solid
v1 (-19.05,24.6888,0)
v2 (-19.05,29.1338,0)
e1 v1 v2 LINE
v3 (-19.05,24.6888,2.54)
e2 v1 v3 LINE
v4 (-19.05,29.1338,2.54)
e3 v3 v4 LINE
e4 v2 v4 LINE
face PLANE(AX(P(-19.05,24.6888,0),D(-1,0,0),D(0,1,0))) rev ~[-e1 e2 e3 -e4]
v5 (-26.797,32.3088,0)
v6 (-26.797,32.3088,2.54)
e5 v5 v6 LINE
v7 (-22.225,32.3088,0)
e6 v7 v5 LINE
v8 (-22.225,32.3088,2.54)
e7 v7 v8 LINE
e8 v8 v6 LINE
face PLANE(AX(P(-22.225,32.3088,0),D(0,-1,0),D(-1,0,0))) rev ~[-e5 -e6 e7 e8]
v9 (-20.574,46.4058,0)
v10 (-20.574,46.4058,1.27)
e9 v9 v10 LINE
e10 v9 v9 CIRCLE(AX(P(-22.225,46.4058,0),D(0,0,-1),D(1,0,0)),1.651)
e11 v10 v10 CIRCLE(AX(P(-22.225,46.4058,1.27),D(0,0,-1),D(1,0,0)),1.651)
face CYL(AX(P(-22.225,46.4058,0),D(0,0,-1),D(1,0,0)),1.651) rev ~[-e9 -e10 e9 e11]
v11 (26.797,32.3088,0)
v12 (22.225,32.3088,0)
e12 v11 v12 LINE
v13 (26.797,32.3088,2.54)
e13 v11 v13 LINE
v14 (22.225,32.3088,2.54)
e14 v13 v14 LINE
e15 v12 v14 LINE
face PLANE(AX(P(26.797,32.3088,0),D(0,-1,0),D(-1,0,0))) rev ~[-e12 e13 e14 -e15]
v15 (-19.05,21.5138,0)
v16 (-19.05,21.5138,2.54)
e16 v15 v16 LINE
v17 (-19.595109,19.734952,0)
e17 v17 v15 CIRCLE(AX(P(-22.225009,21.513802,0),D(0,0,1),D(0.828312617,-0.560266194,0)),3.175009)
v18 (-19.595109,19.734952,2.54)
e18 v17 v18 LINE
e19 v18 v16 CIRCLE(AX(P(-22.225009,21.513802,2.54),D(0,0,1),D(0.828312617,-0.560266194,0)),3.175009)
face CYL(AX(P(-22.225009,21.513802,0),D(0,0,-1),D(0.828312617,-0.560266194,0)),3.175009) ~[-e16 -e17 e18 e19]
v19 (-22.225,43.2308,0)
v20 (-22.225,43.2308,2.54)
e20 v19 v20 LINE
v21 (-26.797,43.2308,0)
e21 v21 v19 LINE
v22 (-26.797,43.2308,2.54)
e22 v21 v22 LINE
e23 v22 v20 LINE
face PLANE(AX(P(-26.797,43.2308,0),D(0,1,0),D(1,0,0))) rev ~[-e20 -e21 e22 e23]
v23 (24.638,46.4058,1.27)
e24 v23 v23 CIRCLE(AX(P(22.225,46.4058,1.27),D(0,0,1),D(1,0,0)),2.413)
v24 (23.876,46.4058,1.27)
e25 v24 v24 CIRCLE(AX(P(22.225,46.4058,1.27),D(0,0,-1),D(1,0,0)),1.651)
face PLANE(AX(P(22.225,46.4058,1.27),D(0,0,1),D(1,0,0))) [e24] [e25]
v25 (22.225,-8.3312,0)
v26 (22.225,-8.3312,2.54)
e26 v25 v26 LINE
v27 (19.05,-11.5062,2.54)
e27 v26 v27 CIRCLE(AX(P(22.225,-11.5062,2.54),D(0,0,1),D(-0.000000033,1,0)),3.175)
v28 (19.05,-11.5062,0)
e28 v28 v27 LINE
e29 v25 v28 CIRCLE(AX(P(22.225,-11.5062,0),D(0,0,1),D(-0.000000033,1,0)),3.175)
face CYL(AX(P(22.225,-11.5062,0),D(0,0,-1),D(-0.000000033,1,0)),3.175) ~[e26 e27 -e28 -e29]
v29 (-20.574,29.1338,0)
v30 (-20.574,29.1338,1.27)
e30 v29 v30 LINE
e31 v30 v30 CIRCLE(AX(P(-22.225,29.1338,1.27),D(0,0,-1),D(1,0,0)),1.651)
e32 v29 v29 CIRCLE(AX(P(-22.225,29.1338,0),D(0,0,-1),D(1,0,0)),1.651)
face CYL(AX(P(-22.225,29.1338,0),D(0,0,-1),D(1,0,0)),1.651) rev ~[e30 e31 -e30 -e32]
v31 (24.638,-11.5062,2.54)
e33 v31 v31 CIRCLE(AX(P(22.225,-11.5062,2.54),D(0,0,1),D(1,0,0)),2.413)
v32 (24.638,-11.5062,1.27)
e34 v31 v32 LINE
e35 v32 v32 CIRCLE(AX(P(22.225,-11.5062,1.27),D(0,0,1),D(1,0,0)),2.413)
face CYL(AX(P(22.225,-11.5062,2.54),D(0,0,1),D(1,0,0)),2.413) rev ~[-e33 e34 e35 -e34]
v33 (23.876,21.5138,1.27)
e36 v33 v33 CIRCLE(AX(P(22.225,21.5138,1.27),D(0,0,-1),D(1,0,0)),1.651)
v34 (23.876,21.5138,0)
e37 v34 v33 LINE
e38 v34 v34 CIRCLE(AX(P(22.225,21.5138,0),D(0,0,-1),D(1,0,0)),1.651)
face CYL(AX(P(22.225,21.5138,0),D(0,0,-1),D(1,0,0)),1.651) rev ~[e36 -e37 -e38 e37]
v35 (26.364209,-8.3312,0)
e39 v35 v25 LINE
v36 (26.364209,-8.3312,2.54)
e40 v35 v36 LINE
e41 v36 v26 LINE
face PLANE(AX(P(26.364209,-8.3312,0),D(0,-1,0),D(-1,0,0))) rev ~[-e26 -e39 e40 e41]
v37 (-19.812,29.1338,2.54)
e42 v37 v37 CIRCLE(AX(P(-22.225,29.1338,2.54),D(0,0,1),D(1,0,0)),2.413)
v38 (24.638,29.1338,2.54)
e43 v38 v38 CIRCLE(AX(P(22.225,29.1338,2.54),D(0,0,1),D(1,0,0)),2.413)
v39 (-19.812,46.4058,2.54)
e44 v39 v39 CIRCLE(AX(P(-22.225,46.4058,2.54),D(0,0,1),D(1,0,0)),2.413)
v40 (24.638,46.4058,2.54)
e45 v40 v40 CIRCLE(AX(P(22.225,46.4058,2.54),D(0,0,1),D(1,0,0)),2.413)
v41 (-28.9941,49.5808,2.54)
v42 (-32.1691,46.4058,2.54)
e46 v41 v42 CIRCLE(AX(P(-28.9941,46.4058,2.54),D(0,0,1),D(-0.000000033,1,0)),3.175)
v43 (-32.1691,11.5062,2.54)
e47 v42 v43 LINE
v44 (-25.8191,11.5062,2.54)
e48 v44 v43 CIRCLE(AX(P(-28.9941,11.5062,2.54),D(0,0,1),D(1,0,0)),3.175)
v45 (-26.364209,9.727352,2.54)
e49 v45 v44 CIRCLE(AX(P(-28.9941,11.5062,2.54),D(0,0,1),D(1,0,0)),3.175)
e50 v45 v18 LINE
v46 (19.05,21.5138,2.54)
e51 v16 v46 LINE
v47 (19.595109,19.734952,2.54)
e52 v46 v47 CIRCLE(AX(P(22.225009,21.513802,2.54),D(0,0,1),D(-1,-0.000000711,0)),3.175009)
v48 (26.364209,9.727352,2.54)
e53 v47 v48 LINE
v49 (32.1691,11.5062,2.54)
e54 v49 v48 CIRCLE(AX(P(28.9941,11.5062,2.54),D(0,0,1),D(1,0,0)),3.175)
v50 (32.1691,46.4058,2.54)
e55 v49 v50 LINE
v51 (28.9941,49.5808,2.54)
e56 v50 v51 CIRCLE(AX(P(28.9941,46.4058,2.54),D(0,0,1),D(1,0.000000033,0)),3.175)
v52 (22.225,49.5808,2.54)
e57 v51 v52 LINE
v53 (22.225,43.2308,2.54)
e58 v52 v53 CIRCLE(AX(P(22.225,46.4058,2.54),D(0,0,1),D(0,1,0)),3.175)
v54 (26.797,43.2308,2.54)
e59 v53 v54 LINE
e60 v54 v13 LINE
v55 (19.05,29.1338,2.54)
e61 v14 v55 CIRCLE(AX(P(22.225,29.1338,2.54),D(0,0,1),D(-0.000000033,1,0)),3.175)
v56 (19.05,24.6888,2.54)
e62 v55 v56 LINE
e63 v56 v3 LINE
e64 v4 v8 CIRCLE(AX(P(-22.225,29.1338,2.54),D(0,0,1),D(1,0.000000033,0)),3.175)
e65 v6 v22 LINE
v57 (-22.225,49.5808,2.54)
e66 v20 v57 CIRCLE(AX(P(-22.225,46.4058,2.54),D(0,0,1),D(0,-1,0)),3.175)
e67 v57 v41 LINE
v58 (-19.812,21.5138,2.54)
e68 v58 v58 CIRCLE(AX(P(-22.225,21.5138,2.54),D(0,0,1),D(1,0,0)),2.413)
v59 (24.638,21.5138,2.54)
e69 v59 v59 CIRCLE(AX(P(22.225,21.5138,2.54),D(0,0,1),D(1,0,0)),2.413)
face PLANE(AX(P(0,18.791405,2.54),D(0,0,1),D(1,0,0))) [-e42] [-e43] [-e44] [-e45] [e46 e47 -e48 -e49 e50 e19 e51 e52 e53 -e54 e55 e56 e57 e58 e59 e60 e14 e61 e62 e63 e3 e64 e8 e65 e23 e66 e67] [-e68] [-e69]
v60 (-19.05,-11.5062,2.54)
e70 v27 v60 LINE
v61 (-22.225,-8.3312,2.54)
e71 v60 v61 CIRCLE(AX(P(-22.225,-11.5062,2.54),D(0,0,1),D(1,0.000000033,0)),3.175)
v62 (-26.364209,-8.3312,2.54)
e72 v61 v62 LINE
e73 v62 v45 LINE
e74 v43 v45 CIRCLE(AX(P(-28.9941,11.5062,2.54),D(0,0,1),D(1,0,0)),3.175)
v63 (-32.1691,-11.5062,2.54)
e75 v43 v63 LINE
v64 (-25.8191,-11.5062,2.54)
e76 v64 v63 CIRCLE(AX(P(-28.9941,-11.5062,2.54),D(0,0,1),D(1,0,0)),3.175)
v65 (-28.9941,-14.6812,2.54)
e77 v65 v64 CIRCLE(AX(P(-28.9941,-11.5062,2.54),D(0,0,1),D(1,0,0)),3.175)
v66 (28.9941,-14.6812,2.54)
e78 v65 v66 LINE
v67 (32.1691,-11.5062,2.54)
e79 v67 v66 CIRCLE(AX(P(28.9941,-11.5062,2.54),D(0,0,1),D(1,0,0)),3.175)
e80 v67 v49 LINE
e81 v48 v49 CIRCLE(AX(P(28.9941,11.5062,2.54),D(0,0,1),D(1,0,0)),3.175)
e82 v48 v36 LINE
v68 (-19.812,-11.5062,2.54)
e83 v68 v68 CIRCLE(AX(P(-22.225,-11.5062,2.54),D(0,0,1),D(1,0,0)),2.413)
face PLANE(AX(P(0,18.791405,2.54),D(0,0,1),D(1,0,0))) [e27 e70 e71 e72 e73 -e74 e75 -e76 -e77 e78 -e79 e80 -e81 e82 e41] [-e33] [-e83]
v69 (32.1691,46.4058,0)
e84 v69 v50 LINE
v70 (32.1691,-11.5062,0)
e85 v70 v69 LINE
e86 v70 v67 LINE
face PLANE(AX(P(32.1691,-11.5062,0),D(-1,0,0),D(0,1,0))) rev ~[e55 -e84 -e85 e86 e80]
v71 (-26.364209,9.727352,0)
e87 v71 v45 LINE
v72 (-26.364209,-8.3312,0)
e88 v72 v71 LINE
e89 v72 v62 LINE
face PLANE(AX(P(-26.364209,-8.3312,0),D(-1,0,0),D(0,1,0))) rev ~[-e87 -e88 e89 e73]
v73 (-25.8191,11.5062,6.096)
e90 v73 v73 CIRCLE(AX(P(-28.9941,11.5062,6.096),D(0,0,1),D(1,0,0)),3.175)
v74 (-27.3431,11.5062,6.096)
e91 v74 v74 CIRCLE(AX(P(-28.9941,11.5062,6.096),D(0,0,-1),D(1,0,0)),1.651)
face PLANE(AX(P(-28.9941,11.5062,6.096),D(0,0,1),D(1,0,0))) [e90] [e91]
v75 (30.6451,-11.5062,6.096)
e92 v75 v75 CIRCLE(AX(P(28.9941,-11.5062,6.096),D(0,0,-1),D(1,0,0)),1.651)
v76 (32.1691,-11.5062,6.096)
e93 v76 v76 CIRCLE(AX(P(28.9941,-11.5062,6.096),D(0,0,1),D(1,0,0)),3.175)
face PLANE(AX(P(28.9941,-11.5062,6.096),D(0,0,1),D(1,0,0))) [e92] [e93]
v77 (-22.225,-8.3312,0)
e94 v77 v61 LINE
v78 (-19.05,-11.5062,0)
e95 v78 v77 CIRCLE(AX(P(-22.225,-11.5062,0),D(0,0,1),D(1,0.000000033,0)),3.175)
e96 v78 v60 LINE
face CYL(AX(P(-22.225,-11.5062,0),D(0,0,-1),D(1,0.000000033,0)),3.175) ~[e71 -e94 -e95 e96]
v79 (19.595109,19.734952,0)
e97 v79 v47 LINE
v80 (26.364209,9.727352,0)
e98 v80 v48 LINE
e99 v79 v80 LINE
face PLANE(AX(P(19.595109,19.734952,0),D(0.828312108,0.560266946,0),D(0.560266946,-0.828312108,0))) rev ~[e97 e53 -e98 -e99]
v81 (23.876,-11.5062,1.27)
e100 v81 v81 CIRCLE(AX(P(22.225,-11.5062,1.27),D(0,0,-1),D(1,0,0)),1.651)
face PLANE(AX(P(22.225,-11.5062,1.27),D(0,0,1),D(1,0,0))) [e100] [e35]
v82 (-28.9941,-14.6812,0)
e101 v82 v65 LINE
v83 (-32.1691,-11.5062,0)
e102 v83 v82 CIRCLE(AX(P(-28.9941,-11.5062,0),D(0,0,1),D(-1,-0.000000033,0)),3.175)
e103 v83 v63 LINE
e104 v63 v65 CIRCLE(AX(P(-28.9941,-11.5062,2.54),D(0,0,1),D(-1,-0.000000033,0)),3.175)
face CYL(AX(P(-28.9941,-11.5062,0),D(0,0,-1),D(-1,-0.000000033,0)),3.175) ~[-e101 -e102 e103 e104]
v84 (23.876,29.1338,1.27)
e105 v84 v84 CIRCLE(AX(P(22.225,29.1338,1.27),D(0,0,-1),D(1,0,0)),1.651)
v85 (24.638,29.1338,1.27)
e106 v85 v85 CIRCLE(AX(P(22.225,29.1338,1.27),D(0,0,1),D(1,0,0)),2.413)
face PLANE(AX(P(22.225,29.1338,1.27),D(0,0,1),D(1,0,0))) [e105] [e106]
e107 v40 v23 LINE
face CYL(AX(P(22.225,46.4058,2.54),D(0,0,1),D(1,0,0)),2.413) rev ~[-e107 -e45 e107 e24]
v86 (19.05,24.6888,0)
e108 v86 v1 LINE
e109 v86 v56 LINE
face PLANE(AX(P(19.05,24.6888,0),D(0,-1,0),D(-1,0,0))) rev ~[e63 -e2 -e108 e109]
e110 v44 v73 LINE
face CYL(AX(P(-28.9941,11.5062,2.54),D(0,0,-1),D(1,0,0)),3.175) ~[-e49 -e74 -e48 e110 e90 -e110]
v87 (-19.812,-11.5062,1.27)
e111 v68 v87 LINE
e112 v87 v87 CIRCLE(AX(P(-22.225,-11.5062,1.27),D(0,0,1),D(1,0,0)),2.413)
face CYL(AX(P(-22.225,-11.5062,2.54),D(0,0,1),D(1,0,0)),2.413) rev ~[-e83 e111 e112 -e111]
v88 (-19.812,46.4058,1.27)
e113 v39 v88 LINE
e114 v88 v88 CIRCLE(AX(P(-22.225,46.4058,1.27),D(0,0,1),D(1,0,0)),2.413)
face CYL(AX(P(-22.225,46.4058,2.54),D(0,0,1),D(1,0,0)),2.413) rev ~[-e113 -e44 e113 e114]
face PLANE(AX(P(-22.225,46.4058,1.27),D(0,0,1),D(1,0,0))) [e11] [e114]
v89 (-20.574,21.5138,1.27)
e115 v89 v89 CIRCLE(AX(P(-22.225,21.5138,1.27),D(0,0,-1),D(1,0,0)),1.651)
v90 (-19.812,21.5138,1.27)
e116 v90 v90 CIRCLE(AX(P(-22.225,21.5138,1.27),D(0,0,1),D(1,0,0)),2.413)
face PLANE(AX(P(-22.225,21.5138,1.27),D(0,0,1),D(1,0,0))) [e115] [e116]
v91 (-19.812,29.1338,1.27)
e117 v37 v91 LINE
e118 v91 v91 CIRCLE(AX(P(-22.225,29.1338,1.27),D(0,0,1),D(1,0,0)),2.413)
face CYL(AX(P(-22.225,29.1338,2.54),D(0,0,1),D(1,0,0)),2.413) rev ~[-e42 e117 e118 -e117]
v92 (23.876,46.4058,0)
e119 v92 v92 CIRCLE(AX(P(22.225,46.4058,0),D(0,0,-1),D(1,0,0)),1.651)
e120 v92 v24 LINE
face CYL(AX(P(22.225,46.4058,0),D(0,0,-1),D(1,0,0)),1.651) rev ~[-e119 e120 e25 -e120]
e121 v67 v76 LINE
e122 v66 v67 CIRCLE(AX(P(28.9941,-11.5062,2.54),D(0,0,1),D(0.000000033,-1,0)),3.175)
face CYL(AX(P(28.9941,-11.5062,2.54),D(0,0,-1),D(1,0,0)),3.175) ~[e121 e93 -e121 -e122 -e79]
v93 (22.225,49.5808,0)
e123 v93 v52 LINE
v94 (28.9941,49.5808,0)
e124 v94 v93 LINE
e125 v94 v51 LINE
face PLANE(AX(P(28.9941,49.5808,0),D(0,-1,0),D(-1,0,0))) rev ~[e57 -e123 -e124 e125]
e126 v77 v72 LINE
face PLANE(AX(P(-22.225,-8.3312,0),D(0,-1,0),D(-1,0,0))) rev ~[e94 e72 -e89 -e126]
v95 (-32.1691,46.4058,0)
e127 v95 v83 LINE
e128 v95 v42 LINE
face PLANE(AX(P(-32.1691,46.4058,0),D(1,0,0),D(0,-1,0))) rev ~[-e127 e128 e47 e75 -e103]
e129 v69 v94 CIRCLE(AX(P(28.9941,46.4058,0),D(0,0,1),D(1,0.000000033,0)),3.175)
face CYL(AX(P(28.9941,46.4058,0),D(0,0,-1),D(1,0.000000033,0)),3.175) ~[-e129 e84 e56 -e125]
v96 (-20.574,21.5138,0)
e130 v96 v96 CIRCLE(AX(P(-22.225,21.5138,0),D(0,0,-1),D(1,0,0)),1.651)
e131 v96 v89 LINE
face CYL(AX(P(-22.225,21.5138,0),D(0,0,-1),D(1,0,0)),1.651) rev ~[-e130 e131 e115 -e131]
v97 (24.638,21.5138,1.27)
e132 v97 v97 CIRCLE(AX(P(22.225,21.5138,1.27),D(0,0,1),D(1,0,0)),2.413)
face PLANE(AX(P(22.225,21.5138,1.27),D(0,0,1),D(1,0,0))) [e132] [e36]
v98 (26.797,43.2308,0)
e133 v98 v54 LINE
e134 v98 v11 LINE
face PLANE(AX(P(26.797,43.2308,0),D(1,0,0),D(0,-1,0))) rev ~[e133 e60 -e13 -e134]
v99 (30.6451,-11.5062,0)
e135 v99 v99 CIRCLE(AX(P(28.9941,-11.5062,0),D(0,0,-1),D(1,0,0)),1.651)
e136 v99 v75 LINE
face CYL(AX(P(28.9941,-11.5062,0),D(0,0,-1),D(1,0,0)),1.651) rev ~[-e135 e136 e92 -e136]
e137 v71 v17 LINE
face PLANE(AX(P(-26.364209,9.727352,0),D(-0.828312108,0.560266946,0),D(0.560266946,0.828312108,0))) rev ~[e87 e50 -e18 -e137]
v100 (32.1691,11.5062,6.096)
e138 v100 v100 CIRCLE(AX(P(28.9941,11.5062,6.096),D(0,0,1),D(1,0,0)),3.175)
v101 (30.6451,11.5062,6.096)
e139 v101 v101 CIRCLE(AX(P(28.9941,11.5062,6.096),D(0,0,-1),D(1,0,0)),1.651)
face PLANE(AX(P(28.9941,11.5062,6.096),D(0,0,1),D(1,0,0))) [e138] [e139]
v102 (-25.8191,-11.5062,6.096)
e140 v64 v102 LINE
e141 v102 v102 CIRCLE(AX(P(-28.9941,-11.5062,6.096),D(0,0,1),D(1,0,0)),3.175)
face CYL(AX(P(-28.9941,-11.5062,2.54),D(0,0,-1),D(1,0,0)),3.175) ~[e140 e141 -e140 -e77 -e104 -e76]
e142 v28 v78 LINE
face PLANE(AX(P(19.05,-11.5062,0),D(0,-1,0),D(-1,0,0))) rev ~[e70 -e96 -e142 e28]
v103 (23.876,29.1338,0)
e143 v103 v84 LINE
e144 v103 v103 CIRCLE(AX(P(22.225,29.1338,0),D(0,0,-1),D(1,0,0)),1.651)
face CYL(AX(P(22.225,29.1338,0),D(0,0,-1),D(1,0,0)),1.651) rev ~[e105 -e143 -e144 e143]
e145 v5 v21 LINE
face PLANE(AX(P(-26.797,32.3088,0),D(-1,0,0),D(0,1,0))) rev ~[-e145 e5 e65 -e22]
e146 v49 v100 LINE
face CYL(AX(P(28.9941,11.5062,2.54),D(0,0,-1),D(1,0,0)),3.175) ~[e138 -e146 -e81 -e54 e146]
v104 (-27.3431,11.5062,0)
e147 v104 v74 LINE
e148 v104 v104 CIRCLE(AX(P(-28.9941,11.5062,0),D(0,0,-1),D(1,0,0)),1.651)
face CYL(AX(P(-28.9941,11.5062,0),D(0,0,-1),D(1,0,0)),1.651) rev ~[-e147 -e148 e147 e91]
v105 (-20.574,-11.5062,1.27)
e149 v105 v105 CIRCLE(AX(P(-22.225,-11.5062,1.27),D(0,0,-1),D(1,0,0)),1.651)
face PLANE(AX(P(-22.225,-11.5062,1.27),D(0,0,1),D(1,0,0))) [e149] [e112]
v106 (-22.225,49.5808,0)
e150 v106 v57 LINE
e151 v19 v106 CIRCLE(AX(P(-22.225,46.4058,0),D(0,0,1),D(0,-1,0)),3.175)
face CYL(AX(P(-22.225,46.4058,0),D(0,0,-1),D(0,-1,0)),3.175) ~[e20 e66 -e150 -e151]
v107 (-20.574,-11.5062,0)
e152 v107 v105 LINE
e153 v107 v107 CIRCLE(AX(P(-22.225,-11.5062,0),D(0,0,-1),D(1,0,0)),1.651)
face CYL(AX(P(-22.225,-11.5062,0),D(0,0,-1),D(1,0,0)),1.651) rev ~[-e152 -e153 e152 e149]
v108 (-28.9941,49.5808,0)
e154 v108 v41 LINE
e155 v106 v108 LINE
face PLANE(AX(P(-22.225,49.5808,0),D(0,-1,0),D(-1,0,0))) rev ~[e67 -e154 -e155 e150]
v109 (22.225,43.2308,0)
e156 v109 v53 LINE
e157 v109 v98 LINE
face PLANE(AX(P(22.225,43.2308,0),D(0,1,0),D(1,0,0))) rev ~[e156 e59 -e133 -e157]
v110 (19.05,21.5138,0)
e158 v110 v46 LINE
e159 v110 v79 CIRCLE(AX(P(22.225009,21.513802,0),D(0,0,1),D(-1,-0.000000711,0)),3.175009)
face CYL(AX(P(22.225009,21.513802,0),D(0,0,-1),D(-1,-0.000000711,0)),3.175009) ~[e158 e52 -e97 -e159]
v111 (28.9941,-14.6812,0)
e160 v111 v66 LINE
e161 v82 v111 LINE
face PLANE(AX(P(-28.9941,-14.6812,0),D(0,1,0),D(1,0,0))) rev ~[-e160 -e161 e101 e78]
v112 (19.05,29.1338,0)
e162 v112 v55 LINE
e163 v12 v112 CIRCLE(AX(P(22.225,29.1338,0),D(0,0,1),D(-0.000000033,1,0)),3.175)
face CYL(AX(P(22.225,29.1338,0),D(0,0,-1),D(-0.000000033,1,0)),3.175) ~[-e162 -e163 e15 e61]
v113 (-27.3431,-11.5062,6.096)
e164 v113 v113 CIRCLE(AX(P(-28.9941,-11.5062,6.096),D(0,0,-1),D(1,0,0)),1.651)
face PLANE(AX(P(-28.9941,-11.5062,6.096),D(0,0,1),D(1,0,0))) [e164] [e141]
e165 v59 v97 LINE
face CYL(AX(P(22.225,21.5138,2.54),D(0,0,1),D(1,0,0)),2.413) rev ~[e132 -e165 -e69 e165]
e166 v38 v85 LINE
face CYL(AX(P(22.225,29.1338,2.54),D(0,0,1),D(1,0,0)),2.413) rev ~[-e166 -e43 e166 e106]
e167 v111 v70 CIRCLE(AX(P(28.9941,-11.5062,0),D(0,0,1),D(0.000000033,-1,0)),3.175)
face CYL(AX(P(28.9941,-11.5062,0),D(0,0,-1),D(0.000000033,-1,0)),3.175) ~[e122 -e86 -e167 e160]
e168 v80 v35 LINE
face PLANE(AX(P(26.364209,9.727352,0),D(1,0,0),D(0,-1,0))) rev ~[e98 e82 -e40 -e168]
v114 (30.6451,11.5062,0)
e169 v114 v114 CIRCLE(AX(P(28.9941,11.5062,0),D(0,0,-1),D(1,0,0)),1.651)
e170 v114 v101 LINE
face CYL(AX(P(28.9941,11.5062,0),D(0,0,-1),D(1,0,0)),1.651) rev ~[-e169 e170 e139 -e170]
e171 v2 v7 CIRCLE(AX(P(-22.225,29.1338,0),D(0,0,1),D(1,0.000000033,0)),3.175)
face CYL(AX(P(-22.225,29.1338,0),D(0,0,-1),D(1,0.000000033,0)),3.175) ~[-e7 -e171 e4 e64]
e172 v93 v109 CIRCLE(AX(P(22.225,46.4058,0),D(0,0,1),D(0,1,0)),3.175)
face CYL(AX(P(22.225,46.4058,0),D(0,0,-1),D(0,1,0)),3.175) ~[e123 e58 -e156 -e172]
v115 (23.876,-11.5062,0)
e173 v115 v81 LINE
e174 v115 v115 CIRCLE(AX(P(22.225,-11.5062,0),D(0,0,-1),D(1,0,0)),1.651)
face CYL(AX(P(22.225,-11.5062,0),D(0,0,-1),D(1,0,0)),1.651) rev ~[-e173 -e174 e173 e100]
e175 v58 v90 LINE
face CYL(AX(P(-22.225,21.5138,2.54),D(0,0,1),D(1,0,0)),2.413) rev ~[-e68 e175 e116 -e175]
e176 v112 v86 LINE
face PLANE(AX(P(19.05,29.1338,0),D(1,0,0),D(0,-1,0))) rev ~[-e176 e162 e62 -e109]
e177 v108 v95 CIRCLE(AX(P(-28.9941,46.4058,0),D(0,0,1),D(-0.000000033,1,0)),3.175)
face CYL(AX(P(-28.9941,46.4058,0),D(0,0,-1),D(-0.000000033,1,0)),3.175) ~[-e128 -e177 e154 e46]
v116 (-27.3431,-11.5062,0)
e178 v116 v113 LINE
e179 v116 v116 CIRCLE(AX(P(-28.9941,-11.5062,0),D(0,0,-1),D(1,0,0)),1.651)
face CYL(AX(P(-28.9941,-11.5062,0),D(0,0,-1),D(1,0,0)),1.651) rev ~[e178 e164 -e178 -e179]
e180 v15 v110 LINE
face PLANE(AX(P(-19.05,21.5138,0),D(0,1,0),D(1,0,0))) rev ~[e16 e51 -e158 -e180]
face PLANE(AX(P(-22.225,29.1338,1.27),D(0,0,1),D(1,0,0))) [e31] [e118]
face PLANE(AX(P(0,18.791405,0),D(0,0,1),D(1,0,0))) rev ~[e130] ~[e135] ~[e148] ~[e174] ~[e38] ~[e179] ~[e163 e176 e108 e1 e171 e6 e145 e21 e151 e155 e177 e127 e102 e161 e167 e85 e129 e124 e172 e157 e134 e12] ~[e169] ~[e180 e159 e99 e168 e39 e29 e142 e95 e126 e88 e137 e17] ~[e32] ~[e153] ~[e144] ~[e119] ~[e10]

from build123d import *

# Parameters (mm, degrees)
F2_DEPTH = 2.54
F3_R     = 3.175
F4_DEPTH = 3.556
F5_R     = 1.651
F6_DEPTH = 6.096
F7_R     = 2.413
F8_DEPTH = 1.27


with BuildPart() as f2:
    # F1 (on Top) → F2 (new body)
    with BuildSketch(Plane.XY):
        with BuildLine():
            Line((-32.1691, 46.4058), (-32.1691, -11.5062))
            ThreePointArc((-32.1691, -11.5062), (-31.239164, -13.751264), (-28.9941, -14.6812))
            Line((-28.9941, -14.6812), (28.9941, -14.6812))
            ThreePointArc((28.9941, -14.6812), (31.239164, -13.751264), (32.1691, -11.5062))
            Line((32.1691, -11.5062), (32.1691, 46.4058))
            ThreePointArc((32.1691, 46.4058), (31.239164, 48.650864), (28.9941, 49.5808))
            Line((28.9941, 49.5808), (22.225, 49.5808))
            ThreePointArc((22.225, 49.5808), (19.05, 46.4058), (22.225, 43.2308))
            Line((22.225, 43.2308), (26.797, 43.2308))
            Line((26.797, 43.2308), (26.797, 32.3088))
            Line((26.797, 32.3088), (22.225, 32.3088))
            ThreePointArc((22.225, 32.3088), (19.979936, 31.378864), (19.05, 29.1338))
            Line((19.05, 29.1338), (19.05, 24.6888))
            Line((19.05, 24.6888), (-19.05, 24.6888))
            Line((-19.05, 24.6888), (-19.05, 29.1338))
            ThreePointArc((-19.05, 29.1338), (-19.979936, 31.378864), (-22.225, 32.3088))
            Line((-22.225, 32.3088), (-26.797, 32.3088))
            Line((-26.797, 32.3088), (-26.797, 43.2308))
            Line((-26.797, 43.2308), (-22.225, 43.2308))
            ThreePointArc((-22.225, 43.2308), (-19.05, 46.4058), (-22.225, 49.5808))
            Line((-22.225, 49.5808), (-28.9941, 49.5808))
            ThreePointArc((-28.9941, 49.5808), (-31.239164, 48.650864), (-32.1691, 46.4058))
        make_face()
        with BuildLine():
            Line((-26.364209, 9.727352), (-19.595109, 19.734952))
            ThreePointArc((-19.595109, 19.734952), (-19.189335, 20.583552), (-19.05, 21.5138))
            Line((-19.05, 21.5138), (19.05, 21.5138))
            ThreePointArc((19.05, 21.5138), (19.189335, 20.583552), (19.595109, 19.734952))
            Line((19.595109, 19.734952), (26.364209, 9.727352))
            Line((26.364209, 9.727352), (26.364209, -8.3312))
            Line((26.364209, -8.3312), (22.225, -8.3312))
            ThreePointArc((22.225, -8.3312), (19.979936, -9.261136), (19.05, -11.5062))
            Line((19.05, -11.5062), (-19.05, -11.5062))
            ThreePointArc((-19.05, -11.5062), (-19.979936, -9.261136), (-22.225, -8.3312))
            Line((-22.225, -8.3312), (-26.364209, -8.3312))
            Line((-26.364209, -8.3312), (-26.364209, 9.727352))
        make_face(mode=Mode.SUBTRACT)
    extrude(amount=F2_DEPTH)

    # F3 (on face) → F4 (join)
    with BuildSketch(Plane.XY.offset(2.54)):
        with Locations((-28.9941, -11.5062)):
            Circle(F3_R)
        with Locations((-28.9941, 11.5062)):
            Circle(F3_R)
        with Locations((28.9941, 11.5062)):
            Circle(F3_R)
        with Locations((28.9941, -11.5062)):
            Circle(F3_R)
    extrude(amount=F4_DEPTH)

    # F5 (on face) → F6 (cut, through all)
    with BuildSketch(Plane(origin=(0, 0, 0), x_dir=(1, 0, 0), z_dir=(0, 0, -1))):
        with Locations((28.9941, -11.5062)):
            Circle(F5_R)
        with Locations((22.225, -21.5138)):
            Circle(F5_R)
        with Locations((-22.225, -21.5138)):
            Circle(F5_R)
        with Locations((-28.9941, -11.5062)):
            Circle(F5_R)
        with Locations((-28.9941, 11.5062)):
            Circle(F5_R)
        with Locations((-22.225, 11.5062)):
            Circle(F5_R)
        with Locations((22.225, 11.5062)):
            Circle(F5_R)
        with Locations((28.9941, 11.5062)):
            Circle(F5_R)
        with Locations((22.225, -29.1338)):
            Circle(F5_R)
        with Locations((22.225, -46.4058)):
            Circle(F5_R)
        with Locations((-22.225, -29.1338)):
            Circle(F5_R)
        with Locations((-22.225, -46.4058)):
            Circle(F5_R)
    extrude(amount=-F6_DEPTH, mode=Mode.SUBTRACT)

    # F7 (on face) → F8 (cut)
    with BuildSketch(Plane.XY.offset(2.54)):
        with Locations((22.225, -11.5062)):
            Circle(F7_R)
        with Locations((22.225, 21.5138)):
            Circle(F7_R)
        with Locations((22.225, 29.1338)):
            Circle(F7_R)
        with Locations((22.225, 46.4058)):
            Circle(F7_R)
        with Locations((-22.225, 46.4058)):
            Circle(F7_R)
        with Locations((-22.225, 29.1338)):
            Circle(F7_R)
        with Locations((-22.225, 21.5138)):
            Circle(F7_R)
        with Locations((-22.225, -11.5062)):
            Circle(F7_R)
    extrude(amount=-F8_DEPTH, mode=Mode.SUBTRACT)


solid = f2.part
